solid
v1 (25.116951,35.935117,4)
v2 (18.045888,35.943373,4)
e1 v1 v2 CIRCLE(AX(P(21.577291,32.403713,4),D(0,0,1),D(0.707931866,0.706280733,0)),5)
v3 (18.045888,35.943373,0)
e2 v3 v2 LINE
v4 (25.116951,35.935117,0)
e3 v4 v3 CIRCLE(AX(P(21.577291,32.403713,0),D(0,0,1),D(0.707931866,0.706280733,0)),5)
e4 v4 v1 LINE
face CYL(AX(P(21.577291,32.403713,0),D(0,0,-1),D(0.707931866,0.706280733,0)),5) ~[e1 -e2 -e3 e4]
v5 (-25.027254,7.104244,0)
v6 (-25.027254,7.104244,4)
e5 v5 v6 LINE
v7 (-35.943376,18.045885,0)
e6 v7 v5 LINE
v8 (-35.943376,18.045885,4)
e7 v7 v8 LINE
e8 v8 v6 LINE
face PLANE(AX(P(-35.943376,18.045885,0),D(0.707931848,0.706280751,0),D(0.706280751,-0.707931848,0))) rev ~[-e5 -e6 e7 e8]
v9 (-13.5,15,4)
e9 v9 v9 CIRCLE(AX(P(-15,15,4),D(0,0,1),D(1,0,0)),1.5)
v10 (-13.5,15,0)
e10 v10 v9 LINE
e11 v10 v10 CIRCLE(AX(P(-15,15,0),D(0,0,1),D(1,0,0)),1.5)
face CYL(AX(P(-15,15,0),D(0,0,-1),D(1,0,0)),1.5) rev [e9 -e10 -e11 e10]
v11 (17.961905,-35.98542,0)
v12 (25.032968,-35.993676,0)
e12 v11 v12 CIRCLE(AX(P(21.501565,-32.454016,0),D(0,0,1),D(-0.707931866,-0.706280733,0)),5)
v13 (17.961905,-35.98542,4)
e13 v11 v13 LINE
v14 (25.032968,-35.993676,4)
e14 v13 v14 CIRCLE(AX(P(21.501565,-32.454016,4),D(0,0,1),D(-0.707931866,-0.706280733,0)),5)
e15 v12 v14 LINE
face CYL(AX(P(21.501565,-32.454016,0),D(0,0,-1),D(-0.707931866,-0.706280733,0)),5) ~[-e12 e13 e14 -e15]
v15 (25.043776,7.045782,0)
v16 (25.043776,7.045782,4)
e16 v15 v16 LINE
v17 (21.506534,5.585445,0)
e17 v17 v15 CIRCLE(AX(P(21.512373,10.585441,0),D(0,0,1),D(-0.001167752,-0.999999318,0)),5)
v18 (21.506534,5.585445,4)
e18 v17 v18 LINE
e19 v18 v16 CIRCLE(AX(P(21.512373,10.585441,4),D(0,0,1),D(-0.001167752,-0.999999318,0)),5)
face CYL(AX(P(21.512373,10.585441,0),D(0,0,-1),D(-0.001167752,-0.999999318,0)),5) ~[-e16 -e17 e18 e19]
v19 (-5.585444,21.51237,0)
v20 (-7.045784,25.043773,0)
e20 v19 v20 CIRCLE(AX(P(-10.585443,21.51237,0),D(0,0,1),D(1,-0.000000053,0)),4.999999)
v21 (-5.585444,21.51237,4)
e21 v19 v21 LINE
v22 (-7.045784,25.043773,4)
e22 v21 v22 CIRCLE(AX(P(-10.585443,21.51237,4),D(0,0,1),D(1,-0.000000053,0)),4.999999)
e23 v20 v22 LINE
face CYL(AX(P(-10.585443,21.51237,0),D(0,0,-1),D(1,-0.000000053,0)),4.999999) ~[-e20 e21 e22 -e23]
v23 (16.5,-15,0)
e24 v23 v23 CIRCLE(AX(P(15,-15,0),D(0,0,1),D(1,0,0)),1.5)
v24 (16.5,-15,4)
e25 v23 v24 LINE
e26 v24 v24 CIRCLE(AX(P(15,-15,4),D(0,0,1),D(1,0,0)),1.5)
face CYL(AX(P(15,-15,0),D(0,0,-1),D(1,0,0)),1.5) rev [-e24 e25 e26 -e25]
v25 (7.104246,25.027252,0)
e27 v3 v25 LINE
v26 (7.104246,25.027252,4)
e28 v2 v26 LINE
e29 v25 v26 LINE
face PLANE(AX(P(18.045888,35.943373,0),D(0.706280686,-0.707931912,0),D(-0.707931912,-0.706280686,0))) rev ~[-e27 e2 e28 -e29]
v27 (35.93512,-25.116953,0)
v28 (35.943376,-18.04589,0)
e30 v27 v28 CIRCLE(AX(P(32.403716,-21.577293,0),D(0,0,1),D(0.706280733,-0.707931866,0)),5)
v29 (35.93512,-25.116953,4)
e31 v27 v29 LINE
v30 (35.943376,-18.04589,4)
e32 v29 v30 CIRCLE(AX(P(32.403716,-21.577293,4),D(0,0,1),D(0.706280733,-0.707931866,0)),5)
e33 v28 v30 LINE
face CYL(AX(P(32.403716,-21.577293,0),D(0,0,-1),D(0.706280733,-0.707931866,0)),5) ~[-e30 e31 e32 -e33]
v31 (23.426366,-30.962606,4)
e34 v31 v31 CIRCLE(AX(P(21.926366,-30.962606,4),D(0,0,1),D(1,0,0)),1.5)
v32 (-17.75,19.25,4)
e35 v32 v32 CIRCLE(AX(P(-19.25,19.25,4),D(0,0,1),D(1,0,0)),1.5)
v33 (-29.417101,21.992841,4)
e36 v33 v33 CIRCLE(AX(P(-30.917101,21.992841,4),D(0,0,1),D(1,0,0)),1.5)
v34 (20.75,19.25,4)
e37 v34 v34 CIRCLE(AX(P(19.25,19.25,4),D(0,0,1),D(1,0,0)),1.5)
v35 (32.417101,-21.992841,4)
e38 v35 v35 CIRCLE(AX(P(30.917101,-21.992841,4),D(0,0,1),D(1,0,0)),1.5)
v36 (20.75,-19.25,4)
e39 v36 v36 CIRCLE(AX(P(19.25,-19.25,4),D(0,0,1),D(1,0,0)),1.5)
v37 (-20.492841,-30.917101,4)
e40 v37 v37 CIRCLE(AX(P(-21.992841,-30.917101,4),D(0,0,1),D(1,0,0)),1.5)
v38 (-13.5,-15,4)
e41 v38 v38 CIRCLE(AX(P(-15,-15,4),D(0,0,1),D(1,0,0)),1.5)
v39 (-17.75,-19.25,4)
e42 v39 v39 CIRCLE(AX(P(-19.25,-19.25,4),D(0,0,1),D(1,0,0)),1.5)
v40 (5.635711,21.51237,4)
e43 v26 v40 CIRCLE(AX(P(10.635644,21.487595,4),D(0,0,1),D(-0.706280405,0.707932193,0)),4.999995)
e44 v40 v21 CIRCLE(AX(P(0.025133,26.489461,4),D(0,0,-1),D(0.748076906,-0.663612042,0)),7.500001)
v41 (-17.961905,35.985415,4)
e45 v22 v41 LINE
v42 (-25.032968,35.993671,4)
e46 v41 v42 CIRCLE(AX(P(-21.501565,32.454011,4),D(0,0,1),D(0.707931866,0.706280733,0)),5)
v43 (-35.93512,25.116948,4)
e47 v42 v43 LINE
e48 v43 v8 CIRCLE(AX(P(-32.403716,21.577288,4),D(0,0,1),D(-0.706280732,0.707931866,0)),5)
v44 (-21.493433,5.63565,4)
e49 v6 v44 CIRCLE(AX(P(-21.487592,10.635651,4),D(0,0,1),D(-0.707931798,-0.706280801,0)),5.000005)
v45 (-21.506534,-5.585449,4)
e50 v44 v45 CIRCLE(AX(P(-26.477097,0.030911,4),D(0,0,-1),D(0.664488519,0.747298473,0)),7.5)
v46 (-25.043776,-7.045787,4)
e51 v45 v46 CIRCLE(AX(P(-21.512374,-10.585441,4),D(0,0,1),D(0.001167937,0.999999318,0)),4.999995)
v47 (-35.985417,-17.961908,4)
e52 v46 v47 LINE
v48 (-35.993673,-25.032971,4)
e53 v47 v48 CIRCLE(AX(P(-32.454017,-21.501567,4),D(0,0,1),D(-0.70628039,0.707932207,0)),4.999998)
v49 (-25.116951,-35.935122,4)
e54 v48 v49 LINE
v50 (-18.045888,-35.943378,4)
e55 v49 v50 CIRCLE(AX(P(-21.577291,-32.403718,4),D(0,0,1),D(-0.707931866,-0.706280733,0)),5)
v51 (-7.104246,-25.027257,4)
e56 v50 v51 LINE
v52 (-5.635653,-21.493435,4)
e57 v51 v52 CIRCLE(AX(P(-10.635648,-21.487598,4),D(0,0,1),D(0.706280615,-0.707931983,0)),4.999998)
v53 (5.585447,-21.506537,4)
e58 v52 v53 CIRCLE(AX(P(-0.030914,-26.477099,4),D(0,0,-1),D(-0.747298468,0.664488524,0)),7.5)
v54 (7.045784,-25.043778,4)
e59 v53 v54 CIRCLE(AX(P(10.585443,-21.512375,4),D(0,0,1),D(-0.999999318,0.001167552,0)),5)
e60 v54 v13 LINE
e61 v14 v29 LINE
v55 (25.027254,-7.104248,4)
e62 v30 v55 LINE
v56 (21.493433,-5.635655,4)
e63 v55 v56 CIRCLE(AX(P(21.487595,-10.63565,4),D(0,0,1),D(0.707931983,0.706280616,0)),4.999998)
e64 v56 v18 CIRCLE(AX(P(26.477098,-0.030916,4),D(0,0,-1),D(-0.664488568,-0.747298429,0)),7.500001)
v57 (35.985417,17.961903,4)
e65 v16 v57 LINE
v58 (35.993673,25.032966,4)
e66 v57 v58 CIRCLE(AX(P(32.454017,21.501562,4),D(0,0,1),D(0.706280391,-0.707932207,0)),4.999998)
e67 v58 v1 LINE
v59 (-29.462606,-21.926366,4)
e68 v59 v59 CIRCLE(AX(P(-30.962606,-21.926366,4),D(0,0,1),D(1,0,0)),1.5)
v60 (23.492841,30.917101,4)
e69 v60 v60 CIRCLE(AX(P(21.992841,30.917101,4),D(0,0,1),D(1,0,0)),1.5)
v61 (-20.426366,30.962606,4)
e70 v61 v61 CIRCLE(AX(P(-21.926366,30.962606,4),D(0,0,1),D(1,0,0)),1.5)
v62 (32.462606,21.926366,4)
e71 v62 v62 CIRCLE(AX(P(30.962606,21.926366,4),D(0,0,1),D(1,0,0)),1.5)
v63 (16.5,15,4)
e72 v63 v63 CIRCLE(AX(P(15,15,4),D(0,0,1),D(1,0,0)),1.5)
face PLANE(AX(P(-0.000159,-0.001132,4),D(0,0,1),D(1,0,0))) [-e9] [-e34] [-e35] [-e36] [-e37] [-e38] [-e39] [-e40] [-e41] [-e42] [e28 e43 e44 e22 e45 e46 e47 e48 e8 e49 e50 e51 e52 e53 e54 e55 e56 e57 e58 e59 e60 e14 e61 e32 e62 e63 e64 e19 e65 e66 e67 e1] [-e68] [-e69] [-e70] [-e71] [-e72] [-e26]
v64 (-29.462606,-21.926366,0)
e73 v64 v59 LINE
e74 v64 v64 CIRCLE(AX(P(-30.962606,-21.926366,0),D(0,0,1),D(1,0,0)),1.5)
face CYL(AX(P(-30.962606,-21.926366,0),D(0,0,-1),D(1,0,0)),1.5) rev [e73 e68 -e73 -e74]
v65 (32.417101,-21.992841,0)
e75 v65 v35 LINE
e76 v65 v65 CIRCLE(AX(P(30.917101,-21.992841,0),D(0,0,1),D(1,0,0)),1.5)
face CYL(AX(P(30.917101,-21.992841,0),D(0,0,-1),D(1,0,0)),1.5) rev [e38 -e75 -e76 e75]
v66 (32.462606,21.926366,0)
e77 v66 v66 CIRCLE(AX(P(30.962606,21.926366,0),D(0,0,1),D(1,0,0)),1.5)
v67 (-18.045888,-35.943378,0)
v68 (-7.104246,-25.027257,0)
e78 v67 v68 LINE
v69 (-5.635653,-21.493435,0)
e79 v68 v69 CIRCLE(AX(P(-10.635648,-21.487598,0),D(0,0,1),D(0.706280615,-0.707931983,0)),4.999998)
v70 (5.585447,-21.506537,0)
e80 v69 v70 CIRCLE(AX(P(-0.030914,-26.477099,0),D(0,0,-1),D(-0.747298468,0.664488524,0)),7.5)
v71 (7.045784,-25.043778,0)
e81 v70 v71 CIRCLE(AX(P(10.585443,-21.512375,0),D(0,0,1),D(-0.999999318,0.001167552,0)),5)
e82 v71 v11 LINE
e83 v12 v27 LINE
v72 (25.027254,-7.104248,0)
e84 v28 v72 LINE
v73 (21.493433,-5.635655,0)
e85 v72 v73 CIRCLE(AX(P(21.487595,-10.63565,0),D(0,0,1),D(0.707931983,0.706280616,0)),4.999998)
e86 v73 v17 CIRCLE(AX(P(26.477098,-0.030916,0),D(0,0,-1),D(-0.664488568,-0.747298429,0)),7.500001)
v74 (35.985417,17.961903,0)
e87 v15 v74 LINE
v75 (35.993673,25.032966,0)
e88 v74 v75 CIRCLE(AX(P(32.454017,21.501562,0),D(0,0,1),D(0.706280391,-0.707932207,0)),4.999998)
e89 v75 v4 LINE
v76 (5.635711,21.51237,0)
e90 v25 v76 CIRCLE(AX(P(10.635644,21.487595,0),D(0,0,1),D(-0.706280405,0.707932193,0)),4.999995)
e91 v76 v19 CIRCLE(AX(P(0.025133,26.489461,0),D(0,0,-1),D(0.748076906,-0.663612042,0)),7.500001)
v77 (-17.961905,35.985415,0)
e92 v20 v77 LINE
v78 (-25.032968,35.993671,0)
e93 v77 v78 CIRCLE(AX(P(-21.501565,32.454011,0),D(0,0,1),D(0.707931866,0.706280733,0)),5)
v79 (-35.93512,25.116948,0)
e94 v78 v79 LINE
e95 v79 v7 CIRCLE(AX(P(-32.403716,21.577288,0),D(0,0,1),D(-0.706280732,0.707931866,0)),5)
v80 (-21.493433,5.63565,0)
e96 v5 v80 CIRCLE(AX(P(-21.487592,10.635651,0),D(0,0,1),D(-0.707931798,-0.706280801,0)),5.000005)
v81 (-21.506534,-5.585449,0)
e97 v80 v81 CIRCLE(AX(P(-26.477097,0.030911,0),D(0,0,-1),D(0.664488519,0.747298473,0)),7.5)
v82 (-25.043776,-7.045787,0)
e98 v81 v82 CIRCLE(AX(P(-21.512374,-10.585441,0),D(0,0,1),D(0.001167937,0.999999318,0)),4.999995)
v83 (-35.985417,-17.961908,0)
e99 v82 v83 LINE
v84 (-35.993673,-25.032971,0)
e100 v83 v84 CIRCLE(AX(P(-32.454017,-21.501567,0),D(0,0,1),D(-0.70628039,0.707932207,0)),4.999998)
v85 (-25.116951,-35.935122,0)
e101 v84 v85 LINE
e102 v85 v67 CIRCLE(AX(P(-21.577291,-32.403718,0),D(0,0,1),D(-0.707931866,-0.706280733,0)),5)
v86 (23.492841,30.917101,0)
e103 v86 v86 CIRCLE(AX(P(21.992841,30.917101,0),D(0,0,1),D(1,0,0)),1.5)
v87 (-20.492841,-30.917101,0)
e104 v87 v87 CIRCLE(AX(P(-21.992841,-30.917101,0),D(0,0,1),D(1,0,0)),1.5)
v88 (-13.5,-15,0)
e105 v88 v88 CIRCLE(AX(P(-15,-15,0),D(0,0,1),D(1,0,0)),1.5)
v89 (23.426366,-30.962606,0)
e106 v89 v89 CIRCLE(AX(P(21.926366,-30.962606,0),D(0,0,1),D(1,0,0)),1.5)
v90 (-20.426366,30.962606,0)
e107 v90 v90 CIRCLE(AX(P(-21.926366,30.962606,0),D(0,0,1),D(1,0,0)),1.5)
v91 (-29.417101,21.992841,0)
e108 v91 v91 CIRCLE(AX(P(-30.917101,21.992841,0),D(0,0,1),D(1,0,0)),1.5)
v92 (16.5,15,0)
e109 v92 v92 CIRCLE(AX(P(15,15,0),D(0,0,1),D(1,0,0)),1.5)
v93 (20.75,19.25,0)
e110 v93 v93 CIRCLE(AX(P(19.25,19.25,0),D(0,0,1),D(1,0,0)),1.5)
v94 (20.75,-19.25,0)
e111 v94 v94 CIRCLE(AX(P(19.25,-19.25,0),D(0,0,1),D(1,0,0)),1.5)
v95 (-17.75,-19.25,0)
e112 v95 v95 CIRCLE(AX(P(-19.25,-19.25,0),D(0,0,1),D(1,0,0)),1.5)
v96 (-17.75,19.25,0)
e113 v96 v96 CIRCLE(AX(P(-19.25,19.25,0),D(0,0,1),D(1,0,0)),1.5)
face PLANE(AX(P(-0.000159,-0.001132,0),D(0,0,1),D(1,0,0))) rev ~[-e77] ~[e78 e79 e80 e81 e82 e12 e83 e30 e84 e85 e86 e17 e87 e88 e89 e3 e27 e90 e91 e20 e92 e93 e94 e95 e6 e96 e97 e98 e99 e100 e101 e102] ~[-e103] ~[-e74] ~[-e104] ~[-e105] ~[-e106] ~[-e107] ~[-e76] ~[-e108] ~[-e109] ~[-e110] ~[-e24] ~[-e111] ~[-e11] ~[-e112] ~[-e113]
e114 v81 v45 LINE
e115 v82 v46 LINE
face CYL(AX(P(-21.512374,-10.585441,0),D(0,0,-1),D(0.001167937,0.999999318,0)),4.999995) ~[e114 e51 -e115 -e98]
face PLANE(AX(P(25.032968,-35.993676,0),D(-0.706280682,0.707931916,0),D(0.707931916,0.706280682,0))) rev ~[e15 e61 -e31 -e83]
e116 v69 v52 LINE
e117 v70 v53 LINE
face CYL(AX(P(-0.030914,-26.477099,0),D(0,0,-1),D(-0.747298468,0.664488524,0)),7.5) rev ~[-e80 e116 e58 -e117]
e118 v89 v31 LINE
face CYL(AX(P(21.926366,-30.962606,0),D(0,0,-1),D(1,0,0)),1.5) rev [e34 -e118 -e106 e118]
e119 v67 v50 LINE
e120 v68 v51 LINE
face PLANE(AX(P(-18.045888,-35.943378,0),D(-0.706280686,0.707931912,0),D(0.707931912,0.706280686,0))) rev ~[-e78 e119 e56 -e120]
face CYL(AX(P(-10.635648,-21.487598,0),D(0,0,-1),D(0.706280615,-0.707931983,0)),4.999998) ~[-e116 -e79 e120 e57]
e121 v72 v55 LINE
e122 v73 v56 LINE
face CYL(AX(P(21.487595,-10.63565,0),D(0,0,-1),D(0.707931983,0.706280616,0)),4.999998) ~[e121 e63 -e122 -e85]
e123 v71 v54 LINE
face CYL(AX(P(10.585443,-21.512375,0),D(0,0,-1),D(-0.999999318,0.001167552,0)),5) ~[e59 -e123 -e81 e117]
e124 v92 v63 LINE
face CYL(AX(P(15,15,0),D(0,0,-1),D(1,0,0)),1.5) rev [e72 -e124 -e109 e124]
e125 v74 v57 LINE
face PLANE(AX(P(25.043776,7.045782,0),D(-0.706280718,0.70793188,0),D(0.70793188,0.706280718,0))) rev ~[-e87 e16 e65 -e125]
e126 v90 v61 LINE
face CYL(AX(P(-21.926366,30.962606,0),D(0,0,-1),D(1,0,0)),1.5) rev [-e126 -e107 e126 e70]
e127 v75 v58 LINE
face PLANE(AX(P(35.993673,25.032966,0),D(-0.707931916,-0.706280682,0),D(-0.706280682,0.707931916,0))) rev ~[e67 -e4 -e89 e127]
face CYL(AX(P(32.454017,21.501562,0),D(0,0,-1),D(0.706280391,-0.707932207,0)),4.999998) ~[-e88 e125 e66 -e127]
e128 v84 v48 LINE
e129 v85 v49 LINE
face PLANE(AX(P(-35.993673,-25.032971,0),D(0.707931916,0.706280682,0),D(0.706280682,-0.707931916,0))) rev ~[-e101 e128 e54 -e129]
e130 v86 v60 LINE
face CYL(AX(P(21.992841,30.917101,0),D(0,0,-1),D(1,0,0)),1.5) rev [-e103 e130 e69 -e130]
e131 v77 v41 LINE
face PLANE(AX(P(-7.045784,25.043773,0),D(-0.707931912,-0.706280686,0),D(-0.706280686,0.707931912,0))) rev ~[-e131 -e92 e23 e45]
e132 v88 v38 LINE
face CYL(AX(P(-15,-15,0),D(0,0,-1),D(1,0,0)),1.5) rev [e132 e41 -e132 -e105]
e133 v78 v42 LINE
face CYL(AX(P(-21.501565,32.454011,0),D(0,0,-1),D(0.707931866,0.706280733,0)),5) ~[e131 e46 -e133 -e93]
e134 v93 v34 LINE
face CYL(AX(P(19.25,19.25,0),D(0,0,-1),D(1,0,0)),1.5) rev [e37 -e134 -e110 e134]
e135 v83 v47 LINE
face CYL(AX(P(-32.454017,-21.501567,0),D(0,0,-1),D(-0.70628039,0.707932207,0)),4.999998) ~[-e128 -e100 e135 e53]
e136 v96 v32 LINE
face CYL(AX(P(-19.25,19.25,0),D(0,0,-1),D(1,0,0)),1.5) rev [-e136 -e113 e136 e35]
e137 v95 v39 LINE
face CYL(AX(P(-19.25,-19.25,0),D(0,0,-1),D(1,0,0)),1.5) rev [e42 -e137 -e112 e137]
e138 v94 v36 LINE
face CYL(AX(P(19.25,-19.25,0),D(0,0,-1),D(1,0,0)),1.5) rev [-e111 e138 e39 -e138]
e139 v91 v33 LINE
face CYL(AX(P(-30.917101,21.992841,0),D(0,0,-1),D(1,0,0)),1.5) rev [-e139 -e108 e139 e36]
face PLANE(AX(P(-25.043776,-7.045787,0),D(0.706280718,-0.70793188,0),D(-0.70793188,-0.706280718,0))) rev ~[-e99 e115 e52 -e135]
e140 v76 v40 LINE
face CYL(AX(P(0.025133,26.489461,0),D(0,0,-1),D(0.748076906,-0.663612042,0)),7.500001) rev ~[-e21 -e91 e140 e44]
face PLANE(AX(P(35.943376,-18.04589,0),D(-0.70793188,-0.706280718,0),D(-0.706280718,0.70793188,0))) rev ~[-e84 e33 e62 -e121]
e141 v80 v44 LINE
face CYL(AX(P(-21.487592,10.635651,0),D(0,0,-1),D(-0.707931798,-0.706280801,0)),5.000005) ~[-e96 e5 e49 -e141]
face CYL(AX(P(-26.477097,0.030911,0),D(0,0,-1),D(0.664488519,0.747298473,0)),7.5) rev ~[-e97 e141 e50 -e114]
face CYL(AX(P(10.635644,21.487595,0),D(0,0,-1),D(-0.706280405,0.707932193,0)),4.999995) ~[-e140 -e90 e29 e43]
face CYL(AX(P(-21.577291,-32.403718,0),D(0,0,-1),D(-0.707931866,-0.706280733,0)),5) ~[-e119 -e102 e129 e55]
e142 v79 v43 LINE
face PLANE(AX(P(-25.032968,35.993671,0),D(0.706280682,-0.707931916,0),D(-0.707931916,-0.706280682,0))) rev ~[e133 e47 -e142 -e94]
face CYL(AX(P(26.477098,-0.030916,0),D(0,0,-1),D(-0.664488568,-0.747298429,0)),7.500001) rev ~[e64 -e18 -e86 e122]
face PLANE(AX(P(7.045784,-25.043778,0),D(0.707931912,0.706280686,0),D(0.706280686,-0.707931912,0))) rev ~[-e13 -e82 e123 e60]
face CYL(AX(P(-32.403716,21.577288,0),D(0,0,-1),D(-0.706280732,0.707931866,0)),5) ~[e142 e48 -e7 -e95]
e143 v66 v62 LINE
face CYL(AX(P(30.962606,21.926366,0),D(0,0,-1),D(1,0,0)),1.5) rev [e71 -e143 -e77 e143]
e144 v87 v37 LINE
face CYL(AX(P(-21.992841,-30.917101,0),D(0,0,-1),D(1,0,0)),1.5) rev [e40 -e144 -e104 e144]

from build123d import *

# Parameters (mm, degrees)
F0_R     = 1.5
F1_DEPTH = 4


with BuildPart() as f1:
    # F0 (on Top) → F1 (new body)
    with BuildSketch(Plane.XY):
        with BuildLine():
            ThreePointArc((-21.506534, -5.585449), (-23.420395, -5.963817), (-25.043776, -7.045787))
            Line((-25.043776, -7.045787), (-35.985417, -17.961908))
            ThreePointArc((-35.985417, -17.961908), (-37.454011, -21.495729), (-35.993673, -25.032971))
            Line((-35.993673, -25.032971), (-25.116951, -35.935122))
            ThreePointArc((-25.116951, -35.935122), (-21.583129, -37.403715), (-18.045888, -35.943378))
            Line((-18.045888, -35.943378), (-7.104246, -25.027257))
            ThreePointArc((-7.104246, -25.027257), (-6.018489, -23.406407), (-5.635653, -21.493435))
            ThreePointArc((-5.635653, -21.493435), (-0.022157, -18.977104), (5.585447, -21.506537))
            ThreePointArc((5.585447, -21.506537), (5.963815, -23.420397), (7.045784, -25.043778))
            Line((7.045784, -25.043778), (17.961905, -35.98542))
            ThreePointArc((17.961905, -35.98542), (21.495727, -37.454013), (25.032968, -35.993676))
            Line((25.032968, -35.993676), (35.93512, -25.116953))
            ThreePointArc((35.93512, -25.116953), (37.403713, -21.583131), (35.943376, -18.04589))
            Line((35.943376, -18.04589), (25.027254, -7.104248))
            ThreePointArc((25.027254, -7.104248), (23.406404, -6.018491), (21.493433, -5.635655))
            ThreePointArc((21.493433, -5.635655), (18.977102, -0.022159), (21.506534, 5.585445))
            ThreePointArc((21.506534, 5.585445), (23.420395, 5.963813), (25.043776, 7.045782))
            Line((25.043776, 7.045782), (35.985417, 17.961903))
            ThreePointArc((35.985417, 17.961903), (37.454011, 21.495725), (35.993673, 25.032966))
            Line((35.993673, 25.032966), (25.116951, 35.935117))
            ThreePointArc((25.116951, 35.935117), (21.583129, 37.40371), (18.045888, 35.943373))
            Line((18.045888, 35.943373), (7.104246, 25.027252))
            ThreePointArc((7.104246, 25.027252), (6.022131, 23.415143), (5.635711, 21.51237))
            ThreePointArc((5.635711, 21.51237), (0.025134, 18.98946), (-5.585444, 21.51237))
            ThreePointArc((-5.585444, 21.51237), (-5.96493, 23.42309), (-7.045784, 25.043773))
            Line((-7.045784, 25.043773), (-17.961905, 35.985415))
            ThreePointArc((-17.961905, 35.985415), (-21.495727, 37.454008), (-25.032968, 35.993671))
            Line((-25.032968, 35.993671), (-35.93512, 25.116948))
            ThreePointArc((-35.93512, 25.116948), (-37.403713, 21.583127), (-35.943376, 18.045885))
            Line((-35.943376, 18.045885), (-25.027254, 7.104244))
            ThreePointArc((-25.027254, 7.104244), (-23.406404, 6.018487), (-21.493433, 5.63565))
            ThreePointArc((-21.493433, 5.63565), (-18.977102, 0.022155), (-21.506534, -5.585449))
        make_face()
        with Locations((-21.992841, -30.917101)):
            Circle(F0_R, mode=Mode.SUBTRACT)
        with Locations((-30.962606, -21.926366)):
            Circle(F0_R, mode=Mode.SUBTRACT)
        with Locations((-19.25, -19.25)):
            Circle(F0_R, mode=Mode.SUBTRACT)
        with Locations((-15, -15)):
            Circle(F0_R, mode=Mode.SUBTRACT)
        with Locations((21.926366, -30.962606)):
            Circle(F0_R, mode=Mode.SUBTRACT)
        with Locations((19.25, -19.25)):
            Circle(F0_R, mode=Mode.SUBTRACT)
        with Locations((30.917101, -21.992841)):
            Circle(F0_R, mode=Mode.SUBTRACT)
        with Locations((15, -15)):
            Circle(F0_R, mode=Mode.SUBTRACT)
        with Locations((-15, 15)):
            Circle(F0_R, mode=Mode.SUBTRACT)
        with Locations((-30.917101, 21.992841)):
            Circle(F0_R, mode=Mode.SUBTRACT)
        with Locations((-19.25, 19.25)):
            Circle(F0_R, mode=Mode.SUBTRACT)
        with Locations((-21.926366, 30.962606)):
            Circle(F0_R, mode=Mode.SUBTRACT)
        with Locations((15, 15)):
            Circle(F0_R, mode=Mode.SUBTRACT)
        with Locations((19.25, 19.25)):
            Circle(F0_R, mode=Mode.SUBTRACT)
        with Locations((30.962606, 21.926366)):
            Circle(F0_R, mode=Mode.SUBTRACT)
        with Locations((21.992841, 30.917101)):
            Circle(F0_R, mode=Mode.SUBTRACT)
    extrude(amount=F1_DEPTH)


solid = f1.part
